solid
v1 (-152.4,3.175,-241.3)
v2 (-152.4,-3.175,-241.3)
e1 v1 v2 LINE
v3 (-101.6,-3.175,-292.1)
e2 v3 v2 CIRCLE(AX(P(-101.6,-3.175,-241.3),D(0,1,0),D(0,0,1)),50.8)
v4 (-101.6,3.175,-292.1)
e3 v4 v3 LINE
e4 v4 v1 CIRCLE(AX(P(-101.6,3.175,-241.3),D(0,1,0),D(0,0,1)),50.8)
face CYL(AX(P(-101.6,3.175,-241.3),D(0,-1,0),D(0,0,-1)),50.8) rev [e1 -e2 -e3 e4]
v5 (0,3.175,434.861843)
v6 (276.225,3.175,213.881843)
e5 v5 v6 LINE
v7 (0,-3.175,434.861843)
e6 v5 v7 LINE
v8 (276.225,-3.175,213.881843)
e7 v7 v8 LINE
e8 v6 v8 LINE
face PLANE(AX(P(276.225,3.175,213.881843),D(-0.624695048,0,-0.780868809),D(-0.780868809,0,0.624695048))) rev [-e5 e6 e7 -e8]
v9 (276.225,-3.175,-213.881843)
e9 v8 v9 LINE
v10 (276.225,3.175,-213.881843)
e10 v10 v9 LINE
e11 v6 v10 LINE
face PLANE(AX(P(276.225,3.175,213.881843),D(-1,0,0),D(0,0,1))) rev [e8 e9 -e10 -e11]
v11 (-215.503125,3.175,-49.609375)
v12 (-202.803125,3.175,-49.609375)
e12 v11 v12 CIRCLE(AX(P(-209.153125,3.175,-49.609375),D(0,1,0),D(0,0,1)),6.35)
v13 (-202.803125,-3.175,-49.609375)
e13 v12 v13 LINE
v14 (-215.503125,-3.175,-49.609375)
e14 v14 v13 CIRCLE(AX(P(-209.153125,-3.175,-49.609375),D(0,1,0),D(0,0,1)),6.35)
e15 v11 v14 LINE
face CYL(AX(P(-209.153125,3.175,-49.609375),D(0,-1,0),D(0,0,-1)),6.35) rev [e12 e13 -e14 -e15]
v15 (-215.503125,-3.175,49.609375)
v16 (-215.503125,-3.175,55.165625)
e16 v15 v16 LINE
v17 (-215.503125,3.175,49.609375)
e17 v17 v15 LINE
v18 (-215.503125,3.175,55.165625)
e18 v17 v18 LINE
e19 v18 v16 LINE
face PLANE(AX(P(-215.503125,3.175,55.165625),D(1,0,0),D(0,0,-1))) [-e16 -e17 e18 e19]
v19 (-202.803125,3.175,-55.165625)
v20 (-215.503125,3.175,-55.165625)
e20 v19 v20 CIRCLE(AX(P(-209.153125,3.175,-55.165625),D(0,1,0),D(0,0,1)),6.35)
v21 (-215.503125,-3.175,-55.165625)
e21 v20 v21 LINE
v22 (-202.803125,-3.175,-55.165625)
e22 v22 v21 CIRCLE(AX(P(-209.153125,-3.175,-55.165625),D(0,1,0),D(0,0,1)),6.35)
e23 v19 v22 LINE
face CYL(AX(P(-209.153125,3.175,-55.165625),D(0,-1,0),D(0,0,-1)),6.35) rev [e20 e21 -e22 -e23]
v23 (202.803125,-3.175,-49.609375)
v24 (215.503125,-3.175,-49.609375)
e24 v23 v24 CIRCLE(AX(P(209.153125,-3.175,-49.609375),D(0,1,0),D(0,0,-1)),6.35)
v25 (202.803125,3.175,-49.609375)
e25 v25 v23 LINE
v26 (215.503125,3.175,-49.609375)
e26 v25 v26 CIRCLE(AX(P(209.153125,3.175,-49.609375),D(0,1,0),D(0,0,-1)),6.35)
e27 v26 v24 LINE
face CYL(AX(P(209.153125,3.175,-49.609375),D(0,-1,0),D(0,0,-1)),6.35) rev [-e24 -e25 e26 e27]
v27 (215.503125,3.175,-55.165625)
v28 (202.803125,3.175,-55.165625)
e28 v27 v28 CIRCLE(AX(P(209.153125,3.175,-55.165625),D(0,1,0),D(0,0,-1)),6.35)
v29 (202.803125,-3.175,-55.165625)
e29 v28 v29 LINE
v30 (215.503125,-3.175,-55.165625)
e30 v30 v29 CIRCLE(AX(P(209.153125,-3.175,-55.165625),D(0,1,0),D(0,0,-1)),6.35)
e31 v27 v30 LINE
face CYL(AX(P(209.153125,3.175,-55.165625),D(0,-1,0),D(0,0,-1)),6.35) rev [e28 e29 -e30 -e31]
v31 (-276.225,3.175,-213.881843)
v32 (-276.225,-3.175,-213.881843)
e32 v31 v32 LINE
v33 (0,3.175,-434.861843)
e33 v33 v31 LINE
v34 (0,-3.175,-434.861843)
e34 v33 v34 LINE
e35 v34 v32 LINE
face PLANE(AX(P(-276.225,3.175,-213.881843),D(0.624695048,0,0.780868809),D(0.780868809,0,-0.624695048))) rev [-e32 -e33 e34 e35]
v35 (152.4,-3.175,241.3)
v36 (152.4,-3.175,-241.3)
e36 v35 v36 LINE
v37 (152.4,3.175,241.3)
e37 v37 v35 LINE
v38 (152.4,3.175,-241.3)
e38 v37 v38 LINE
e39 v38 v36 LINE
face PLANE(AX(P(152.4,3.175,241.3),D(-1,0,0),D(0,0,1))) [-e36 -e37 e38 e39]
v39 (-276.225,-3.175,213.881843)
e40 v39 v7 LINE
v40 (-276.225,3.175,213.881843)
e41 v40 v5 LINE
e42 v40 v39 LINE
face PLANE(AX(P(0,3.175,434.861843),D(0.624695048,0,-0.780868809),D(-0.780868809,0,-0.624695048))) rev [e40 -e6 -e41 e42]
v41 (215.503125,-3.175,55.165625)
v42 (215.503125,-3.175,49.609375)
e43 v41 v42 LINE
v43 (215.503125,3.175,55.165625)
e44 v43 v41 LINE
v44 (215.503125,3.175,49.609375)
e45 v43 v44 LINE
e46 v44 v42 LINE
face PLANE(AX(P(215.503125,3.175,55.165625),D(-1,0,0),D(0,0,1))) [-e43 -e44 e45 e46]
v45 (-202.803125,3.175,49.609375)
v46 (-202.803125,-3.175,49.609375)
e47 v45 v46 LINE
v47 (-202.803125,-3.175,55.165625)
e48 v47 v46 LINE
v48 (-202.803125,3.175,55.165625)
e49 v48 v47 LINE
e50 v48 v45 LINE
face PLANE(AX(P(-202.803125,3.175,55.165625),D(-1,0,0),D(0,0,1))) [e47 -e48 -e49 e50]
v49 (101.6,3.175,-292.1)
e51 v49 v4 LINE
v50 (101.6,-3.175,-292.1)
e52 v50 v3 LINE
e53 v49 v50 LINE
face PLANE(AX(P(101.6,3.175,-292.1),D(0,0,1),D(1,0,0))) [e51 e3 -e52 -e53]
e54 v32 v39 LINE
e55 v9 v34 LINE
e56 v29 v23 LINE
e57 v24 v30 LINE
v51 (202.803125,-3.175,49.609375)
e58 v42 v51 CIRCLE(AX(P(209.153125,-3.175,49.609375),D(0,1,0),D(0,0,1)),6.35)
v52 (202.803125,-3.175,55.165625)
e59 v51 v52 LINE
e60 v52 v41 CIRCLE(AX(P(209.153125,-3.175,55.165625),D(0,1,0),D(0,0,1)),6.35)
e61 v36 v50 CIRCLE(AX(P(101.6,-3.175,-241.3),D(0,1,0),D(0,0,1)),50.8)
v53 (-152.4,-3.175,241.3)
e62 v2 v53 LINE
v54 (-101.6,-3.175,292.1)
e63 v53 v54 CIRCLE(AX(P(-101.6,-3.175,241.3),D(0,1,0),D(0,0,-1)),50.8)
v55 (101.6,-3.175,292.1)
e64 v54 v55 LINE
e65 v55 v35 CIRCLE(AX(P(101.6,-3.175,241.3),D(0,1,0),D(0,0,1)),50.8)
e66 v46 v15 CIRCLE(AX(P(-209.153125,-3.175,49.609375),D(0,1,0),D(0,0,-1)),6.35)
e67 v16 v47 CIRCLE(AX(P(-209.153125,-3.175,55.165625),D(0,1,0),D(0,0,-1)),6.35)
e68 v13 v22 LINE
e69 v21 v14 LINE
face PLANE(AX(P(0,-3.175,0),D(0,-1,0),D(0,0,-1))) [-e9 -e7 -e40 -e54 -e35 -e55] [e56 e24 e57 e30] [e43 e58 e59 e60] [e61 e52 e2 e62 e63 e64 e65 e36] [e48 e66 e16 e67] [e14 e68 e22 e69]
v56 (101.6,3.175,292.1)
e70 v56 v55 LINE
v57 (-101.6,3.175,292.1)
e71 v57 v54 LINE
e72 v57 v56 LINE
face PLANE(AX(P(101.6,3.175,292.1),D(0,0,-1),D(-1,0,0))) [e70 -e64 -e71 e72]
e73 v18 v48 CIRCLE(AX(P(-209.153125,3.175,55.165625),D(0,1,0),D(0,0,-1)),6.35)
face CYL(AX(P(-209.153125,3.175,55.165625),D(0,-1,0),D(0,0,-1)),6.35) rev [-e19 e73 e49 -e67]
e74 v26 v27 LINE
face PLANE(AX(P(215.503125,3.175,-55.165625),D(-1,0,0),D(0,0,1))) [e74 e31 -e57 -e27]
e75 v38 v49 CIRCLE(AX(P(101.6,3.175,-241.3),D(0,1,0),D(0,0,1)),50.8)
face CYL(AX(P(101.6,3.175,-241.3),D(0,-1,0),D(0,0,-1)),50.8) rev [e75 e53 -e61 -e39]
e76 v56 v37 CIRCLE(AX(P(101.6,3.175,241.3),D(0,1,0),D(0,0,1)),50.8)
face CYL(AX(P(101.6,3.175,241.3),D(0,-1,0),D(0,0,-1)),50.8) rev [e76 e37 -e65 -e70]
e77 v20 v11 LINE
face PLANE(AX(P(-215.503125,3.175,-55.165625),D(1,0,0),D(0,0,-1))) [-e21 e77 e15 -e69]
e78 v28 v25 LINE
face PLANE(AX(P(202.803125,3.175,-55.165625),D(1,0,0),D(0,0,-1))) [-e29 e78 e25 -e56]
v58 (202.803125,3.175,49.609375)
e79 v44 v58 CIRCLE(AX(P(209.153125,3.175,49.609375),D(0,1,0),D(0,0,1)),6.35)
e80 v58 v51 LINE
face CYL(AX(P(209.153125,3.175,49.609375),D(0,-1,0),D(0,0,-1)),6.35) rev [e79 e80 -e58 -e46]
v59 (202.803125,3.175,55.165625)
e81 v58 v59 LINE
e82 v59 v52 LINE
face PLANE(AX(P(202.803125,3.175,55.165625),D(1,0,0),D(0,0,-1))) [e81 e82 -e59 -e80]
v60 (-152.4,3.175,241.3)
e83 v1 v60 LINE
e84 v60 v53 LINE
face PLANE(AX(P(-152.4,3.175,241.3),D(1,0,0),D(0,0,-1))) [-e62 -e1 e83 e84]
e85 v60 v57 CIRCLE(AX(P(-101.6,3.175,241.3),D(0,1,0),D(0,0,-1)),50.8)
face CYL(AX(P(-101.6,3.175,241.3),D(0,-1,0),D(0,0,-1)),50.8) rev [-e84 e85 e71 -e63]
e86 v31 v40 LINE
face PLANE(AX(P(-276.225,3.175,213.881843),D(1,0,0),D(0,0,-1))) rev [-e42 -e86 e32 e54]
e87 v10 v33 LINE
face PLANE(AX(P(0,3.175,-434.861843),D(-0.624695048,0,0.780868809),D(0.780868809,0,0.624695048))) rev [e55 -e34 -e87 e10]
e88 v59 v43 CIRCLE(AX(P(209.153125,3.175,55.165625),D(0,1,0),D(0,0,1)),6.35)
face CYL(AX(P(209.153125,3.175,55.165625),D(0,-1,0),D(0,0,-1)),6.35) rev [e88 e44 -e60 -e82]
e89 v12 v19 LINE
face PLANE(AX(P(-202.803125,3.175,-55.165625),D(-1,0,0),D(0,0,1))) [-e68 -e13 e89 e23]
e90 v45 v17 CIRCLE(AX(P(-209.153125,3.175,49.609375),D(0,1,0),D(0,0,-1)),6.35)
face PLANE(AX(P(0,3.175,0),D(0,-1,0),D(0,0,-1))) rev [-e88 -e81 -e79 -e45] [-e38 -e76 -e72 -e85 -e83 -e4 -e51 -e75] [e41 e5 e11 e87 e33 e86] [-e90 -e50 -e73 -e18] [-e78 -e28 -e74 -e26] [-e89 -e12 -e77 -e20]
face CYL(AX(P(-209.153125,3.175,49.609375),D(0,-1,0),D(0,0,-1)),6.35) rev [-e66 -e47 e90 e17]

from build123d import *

# Parameters (mm, degrees)
BOSS_EXTRUDE1_DEPTH = 3.175


with BuildPart() as part:
    # Sketch1 → Boss-Extrude1 (new body, symmetric)
    with BuildSketch(Plane(origin=(0, 0, 0), x_dir=(1, 0, 0), z_dir=(0, 1, 0))):
        Polygon((-276.225, 213.881843), (0, 434.861843), (276.225, 213.881843), (276.225, -213.881843), (0, -434.861843), (-276.225, -213.881843), align=None)
        with BuildLine():
            Line((101.6, -292.1), (-101.6, -292.1))
            ThreePointArc((-101.6, -292.1), (-137.521024484, -277.221024484), (-152.4, -241.3))
            Line((-152.4, -241.3), (-152.4, 241.3))
            ThreePointArc((-152.4, 241.3), (-137.521024484, 277.221024484), (-101.6, 292.1))
            Line((-101.6, 292.1), (101.6, 292.1))
            ThreePointArc((101.6, 292.1), (137.521024484, 277.221024484), (152.4, 241.3))
            Line((152.4, 241.3), (152.4, -241.3))
            ThreePointArc((152.4, -241.3), (137.521024484, -277.221024484), (101.6, -292.1))
        make_face(mode=Mode.SUBTRACT)
        with BuildLine():
            Line((-202.803125, 55.165625), (-202.803125, 49.609375))
            ThreePointArc((-202.803125, 49.609375), (-209.153125, 43.259375), (-215.503125, 49.609375))
            Line((-215.503125, 49.609375), (-215.503125, 55.165625))
            ThreePointArc((-215.503125, 55.165625), (-209.153125, 61.515625), (-202.803125, 55.165625))
        make_face(mode=Mode.SUBTRACT)
        with BuildLine():
            Line((-202.803125, -55.165625), (-202.803125, -49.609375))
            ThreePointArc((-202.803125, -49.609375), (-209.153125, -43.259375), (-215.503125, -49.609375))
            Line((-215.503125, -49.609375), (-215.503125, -55.165625))
            ThreePointArc((-215.503125, -55.165625), (-209.153125, -61.515625), (-202.803125, -55.165625))
        make_face(mode=Mode.SUBTRACT)
        with BuildLine():
            Line((202.803125, -55.165625), (202.803125, -49.609375))
            ThreePointArc((202.803125, -49.609375), (209.153125, -43.259375), (215.503125, -49.609375))
            Line((215.503125, -49.609375), (215.503125, -55.165625))
            ThreePointArc((215.503125, -55.165625), (209.153125, -61.515625), (202.803125, -55.165625))
        make_face(mode=Mode.SUBTRACT)
        with BuildLine():
            Line((202.803125, 55.165625), (202.803125, 49.609375))
            ThreePointArc((202.803125, 49.609375), (209.153125, 43.259375), (215.503125, 49.609375))
            Line((215.503125, 49.609375), (215.503125, 55.165625))
            ThreePointArc((215.503125, 55.165625), (209.153125, 61.515625), (202.803125, 55.165625))
        make_face(mode=Mode.SUBTRACT)
    extrude(amount=BOSS_EXTRUDE1_DEPTH, both=True)


solid = part.part
